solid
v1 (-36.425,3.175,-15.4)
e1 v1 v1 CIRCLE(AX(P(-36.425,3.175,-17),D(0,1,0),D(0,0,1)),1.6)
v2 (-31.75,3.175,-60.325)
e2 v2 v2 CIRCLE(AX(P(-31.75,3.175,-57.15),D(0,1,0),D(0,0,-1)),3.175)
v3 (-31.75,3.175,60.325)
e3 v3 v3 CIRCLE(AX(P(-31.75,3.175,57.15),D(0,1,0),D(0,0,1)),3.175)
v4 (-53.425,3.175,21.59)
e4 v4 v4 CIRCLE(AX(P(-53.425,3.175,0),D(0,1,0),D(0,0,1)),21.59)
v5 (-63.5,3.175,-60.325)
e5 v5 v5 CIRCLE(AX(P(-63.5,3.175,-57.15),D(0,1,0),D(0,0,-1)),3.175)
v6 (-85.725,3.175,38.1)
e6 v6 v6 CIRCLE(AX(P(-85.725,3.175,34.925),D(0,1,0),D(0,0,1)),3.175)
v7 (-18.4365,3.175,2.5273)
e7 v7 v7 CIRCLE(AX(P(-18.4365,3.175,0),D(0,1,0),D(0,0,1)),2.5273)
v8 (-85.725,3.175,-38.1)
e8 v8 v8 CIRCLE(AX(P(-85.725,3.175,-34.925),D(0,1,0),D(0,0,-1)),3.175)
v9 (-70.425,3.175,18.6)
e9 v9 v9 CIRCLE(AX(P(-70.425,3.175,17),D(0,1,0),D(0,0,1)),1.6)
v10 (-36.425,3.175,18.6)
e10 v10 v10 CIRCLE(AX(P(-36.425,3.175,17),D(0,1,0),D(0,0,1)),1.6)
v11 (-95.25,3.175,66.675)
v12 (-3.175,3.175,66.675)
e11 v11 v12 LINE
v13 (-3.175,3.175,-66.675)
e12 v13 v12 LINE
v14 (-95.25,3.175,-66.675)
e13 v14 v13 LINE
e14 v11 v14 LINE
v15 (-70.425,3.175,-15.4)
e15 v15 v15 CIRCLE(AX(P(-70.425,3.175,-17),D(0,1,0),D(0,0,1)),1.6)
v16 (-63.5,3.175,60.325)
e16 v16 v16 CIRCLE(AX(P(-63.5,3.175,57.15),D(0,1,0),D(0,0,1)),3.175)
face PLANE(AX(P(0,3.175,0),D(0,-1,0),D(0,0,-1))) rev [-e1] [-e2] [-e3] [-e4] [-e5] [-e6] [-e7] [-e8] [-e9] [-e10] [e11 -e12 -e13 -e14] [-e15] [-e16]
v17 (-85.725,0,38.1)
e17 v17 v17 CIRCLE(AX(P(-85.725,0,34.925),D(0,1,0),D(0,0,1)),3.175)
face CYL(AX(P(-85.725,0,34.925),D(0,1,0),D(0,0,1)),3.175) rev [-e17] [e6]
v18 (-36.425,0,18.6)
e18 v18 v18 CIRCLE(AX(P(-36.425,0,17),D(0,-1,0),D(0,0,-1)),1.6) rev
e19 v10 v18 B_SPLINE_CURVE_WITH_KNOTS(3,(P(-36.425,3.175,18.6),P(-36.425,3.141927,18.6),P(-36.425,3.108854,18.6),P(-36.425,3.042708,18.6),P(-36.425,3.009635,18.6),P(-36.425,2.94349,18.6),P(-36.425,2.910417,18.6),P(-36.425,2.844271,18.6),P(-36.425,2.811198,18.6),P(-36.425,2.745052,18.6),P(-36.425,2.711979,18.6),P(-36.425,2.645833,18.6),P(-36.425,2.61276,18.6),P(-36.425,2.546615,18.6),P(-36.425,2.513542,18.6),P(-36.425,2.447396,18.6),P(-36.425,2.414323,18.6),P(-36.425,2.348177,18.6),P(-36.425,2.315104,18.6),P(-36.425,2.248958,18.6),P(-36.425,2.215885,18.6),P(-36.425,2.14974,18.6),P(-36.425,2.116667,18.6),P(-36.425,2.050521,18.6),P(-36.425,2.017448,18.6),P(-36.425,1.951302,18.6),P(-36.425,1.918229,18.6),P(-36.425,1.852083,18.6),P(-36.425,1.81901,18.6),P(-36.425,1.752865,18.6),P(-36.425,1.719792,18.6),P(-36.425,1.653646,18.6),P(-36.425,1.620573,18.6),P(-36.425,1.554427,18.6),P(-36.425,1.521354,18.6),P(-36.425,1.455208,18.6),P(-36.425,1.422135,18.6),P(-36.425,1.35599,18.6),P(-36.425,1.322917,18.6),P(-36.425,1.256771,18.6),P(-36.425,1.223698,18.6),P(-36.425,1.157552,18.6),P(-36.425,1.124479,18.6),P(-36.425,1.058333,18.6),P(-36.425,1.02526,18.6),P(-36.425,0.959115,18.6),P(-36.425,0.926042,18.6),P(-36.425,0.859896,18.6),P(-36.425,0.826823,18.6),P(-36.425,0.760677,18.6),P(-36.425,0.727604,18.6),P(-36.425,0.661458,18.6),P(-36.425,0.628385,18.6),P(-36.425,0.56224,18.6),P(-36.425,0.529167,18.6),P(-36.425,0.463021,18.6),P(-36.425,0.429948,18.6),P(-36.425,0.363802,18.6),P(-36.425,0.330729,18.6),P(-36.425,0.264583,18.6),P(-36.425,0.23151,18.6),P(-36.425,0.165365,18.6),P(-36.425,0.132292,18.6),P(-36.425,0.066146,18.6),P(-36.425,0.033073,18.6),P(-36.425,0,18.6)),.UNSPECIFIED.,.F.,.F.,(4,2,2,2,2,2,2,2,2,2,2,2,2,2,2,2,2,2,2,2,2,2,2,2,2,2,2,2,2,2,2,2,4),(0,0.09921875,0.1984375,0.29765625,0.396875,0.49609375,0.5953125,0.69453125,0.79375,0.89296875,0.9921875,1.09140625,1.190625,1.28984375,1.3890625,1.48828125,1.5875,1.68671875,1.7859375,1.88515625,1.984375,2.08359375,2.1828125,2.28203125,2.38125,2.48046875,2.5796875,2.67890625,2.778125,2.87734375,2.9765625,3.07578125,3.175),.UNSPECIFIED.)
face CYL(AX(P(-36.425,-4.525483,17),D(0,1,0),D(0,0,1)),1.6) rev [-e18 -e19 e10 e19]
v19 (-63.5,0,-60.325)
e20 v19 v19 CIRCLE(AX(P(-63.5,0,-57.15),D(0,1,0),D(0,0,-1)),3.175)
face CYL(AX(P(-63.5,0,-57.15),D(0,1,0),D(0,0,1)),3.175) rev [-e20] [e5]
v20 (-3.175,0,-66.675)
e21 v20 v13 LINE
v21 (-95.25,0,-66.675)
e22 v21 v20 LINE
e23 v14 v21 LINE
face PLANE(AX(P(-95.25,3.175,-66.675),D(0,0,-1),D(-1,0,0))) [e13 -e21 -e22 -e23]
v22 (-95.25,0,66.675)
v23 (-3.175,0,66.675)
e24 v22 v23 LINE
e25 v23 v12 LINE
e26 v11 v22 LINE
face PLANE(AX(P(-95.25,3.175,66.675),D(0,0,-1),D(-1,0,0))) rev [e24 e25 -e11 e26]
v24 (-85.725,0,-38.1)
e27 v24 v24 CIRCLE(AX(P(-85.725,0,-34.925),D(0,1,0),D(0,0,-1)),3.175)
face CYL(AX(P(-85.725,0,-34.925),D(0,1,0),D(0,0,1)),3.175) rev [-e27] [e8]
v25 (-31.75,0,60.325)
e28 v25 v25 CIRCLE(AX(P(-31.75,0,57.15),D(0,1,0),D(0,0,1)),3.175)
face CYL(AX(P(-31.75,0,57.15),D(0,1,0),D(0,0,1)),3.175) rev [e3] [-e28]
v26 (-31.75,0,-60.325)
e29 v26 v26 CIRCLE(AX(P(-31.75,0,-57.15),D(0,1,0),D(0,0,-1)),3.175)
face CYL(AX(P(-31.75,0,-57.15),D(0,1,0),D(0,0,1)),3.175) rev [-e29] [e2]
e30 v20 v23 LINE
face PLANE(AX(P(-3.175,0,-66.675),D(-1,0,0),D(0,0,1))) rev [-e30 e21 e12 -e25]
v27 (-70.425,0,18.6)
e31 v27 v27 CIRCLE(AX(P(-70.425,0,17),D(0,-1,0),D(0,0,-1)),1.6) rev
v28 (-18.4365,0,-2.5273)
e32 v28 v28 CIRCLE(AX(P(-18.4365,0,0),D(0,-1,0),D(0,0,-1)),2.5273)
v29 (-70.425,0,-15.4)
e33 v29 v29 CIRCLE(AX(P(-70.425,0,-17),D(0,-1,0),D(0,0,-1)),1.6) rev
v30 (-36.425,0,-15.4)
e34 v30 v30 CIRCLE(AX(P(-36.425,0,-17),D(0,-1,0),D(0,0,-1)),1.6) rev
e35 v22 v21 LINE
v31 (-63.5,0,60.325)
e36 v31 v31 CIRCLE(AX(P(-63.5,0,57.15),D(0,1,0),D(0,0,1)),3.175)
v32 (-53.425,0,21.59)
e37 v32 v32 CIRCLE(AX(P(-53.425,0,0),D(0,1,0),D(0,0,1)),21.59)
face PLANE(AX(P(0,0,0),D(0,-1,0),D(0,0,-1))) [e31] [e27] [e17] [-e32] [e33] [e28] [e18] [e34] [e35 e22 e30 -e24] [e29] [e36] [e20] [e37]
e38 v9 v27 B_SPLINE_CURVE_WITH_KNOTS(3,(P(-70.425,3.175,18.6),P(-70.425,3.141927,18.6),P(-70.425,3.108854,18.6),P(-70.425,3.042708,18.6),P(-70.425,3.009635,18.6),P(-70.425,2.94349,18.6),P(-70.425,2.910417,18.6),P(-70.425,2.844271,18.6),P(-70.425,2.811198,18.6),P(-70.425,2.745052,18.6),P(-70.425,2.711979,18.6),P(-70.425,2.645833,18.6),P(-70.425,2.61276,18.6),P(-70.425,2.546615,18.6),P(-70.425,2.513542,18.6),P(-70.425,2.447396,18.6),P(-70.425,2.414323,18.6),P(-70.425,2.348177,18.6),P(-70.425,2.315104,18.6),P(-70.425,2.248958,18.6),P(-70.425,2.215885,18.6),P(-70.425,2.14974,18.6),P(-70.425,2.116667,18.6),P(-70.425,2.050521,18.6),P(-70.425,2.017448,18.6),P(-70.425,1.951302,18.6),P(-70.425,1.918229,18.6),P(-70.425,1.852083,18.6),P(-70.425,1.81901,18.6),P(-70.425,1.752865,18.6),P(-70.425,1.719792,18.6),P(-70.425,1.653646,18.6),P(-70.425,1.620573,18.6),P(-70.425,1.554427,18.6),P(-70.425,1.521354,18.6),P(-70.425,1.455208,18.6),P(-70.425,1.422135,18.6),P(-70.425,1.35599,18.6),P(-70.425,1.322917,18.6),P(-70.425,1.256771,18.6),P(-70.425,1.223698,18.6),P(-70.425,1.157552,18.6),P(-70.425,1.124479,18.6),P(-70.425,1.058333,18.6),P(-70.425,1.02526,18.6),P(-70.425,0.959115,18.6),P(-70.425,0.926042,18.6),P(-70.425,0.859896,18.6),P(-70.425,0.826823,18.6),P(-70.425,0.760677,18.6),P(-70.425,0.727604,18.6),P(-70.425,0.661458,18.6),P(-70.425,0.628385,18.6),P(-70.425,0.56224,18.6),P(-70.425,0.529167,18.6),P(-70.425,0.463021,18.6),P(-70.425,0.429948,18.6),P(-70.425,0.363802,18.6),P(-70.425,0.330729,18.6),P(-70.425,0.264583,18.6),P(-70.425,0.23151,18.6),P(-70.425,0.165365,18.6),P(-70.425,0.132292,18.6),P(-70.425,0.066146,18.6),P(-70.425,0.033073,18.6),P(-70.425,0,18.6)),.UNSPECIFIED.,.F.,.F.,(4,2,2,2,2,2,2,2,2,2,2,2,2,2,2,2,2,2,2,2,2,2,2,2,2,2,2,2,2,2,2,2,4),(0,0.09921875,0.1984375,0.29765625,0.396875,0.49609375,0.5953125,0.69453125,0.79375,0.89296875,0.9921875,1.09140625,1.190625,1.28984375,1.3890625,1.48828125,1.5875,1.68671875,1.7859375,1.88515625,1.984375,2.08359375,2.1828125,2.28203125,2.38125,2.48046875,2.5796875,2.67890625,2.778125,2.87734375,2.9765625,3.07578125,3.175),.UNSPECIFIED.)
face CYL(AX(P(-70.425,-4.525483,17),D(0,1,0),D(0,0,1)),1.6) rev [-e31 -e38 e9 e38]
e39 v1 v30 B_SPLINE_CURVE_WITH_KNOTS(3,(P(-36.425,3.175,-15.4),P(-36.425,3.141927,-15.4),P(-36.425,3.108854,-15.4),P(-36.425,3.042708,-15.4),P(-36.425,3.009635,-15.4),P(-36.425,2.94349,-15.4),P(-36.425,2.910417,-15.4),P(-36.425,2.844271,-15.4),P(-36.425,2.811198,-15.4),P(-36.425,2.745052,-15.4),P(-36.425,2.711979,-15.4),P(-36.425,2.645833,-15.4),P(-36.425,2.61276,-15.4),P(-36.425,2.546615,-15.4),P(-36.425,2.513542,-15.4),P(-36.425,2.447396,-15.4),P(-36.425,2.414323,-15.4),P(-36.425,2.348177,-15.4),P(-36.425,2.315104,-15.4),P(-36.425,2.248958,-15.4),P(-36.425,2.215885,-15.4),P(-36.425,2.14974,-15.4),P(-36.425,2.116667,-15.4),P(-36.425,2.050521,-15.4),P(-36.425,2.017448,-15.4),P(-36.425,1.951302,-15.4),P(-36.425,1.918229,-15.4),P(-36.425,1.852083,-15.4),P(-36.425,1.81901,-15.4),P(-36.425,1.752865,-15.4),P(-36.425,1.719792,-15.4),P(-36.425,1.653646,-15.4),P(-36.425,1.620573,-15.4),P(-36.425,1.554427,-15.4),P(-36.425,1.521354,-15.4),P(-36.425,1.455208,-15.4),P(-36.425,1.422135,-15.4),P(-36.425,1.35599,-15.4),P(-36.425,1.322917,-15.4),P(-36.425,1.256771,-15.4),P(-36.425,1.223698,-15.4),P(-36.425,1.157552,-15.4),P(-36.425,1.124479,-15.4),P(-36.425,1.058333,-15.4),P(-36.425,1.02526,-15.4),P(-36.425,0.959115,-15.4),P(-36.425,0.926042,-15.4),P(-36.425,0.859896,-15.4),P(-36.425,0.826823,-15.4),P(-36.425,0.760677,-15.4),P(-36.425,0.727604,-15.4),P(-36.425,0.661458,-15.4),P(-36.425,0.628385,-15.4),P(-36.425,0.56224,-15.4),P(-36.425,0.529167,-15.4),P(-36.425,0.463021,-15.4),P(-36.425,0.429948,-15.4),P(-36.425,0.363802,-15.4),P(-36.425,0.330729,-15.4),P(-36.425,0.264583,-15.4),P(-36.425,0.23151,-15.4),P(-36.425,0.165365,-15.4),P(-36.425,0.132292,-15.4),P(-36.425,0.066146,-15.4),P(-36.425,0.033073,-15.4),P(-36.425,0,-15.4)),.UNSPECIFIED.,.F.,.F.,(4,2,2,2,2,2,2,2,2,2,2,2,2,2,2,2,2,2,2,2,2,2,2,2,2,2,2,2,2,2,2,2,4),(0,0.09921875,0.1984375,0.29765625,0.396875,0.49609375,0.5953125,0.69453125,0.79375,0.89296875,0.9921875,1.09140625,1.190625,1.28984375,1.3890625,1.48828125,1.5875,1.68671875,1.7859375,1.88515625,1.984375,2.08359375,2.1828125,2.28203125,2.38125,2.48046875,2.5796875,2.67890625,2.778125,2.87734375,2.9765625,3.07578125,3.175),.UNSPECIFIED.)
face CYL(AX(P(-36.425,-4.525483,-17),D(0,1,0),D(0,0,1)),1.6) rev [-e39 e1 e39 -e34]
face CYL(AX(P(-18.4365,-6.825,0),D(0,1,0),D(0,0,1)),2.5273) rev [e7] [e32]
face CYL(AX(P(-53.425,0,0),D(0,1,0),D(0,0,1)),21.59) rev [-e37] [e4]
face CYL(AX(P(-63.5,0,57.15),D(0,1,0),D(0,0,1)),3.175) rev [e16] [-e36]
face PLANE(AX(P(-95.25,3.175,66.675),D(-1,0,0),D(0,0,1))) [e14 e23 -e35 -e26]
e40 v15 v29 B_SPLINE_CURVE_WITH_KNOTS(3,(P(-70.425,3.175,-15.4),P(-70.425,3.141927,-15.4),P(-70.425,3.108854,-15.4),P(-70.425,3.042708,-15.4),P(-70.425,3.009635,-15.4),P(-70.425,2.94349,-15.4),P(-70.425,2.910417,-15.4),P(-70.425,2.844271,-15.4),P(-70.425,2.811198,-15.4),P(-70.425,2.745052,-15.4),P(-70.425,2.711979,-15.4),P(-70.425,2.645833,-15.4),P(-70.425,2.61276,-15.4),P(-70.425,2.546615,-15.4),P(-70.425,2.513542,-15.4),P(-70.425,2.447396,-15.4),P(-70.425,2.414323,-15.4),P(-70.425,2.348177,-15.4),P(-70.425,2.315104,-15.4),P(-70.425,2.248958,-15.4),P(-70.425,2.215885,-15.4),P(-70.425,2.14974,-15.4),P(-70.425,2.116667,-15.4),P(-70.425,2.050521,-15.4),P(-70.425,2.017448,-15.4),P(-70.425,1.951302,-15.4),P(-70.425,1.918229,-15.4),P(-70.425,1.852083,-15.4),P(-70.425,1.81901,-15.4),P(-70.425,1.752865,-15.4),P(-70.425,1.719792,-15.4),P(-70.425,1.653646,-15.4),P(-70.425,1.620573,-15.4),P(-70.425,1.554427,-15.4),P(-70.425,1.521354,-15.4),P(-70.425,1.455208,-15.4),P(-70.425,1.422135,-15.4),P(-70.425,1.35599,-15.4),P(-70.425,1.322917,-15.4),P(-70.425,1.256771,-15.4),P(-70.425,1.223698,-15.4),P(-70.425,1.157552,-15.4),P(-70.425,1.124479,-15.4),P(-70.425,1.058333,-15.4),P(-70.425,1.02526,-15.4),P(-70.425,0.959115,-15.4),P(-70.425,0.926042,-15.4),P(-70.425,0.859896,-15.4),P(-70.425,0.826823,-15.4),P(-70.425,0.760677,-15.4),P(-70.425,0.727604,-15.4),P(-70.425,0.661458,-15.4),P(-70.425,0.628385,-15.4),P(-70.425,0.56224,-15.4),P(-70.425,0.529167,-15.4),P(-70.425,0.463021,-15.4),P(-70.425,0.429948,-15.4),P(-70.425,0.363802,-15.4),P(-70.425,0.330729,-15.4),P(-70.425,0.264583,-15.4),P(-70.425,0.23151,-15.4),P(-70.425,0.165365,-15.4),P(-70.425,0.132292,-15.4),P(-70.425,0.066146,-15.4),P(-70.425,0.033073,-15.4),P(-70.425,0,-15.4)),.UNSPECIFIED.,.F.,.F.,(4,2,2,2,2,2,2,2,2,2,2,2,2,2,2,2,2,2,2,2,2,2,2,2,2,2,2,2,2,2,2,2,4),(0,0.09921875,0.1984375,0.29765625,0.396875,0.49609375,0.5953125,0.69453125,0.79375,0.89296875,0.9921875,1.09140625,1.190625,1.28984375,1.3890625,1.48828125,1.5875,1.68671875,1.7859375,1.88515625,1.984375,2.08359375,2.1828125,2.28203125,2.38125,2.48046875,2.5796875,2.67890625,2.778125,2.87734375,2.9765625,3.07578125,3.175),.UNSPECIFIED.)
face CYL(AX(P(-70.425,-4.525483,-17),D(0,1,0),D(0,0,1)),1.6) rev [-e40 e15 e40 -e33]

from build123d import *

# Parameters (mm, degrees)
SKETCH1_W           = 190.5
SKETCH1_H           = 133.35
BOSS_EXTRUDE1_DEPTH = 3.175
SKETCH3_R           = 21.59
CUT_EXTRUDE2_DEPTH  = 117.310785183
SKETCH4_R           = 1.6
SKETCH4_R_2         = 1.599999975
CUT_EXTRUDE3_DEPTH  = 3.175
SKETCH9_R           = 2.5273
CUT_EXTRUDE5_DEPTH  = 10
SKETCH12_W          = 98.425
SKETCH12_H          = 133.35
CUT_EXTRUDE6_DEPTH  = 117.310785183
SKETCH13_R          = 3.175
CUT_EXTRUDE7_DEPTH  = 117.310785183


with BuildPart() as part:
    # Sketch1 → Boss-Extrude1 (new body)
    with BuildSketch(Plane(origin=(0, 0, 0), x_dir=(1, 0, 0), z_dir=(0, 1, 0))):
        Rectangle(SKETCH1_W, SKETCH1_H)
    extrude(amount=BOSS_EXTRUDE1_DEPTH)

    # Sketch3 → Cut-Extrude2 (cut, through all)
    with BuildSketch(Plane(origin=(0, 3.175, 0), x_dir=(1, 0, 0), z_dir=(0, 1, 0))):
        with Locations(Location((-53.425, 0, 0), (0, 0, 270))):
            Circle(SKETCH3_R)
    extrude(amount=-CUT_EXTRUDE2_DEPTH, mode=Mode.SUBTRACT)

    # Sketch4 → Cut-Extrude3 (cut)
    with BuildSketch(Plane(origin=(0, 3.175, 0), x_dir=(1, 0, 0), z_dir=(0, 1, 0))):
        with Locations(Location((-70.425, 17, 0), (0, 0, 270))):
            Circle(SKETCH4_R)
        with Locations(Location((-36.425, 17, 0), (0, 0, 270))):
            Circle(SKETCH4_R_2)
        with Locations(Location((-70.425, -17, 0), (0, 0, 270))):
            Circle(SKETCH4_R)
        with Locations(Location((-36.425, -17, 0), (0, 0, 270))):
            Circle(SKETCH4_R)
    extrude(amount=-CUT_EXTRUDE3_DEPTH, mode=Mode.SUBTRACT)

    # Sketch9 → Cut-Extrude5 (cut)
    with BuildSketch(Plane(origin=(0, 3.175, 0), x_dir=(1, 0, 0), z_dir=(0, 1, 0))):
        with Locations(Location((-18.4365, 0, 0), (0, 0, 270))):
            Circle(SKETCH9_R)
    extrude(amount=-CUT_EXTRUDE5_DEPTH, mode=Mode.SUBTRACT)

    # Sketch12 → Cut-Extrude6 (cut, through all)
    with BuildSketch(Plane(origin=(0, 3.175, 0), x_dir=(1, 0, 0), z_dir=(0, 1, 0))):
        with Locations((46.0375, 0)):
            Rectangle(SKETCH12_W, SKETCH12_H)
    extrude(amount=-CUT_EXTRUDE6_DEPTH, mode=Mode.SUBTRACT)

    # Sketch13 → Cut-Extrude7 (cut, through all)
    with BuildSketch(Plane(origin=(0, 3.175, 0), x_dir=(1, 0, 0), z_dir=(0, 1, 0))):
        with Locations(Location((-63.5, -57.15, 0), (0, 0, 270))):
            Circle(SKETCH13_R)
        with Locations(Location((-31.75, -57.15, 0), (0, 0, 270))):
            Circle(SKETCH13_R)
        with Locations(Location((-85.725, -34.925, 0), (0, 0, 270))):
            Circle(SKETCH13_R)
        with Locations(Location((-85.725, 34.925, 0), (0, 0, 90))):
            Circle(SKETCH13_R)
        with Locations(Location((-31.75, 57.15, 0), (0, 0, 90))):
            Circle(SKETCH13_R)
        with Locations(Location((-63.5, 57.15, 0), (0, 0, 90))):
            Circle(SKETCH13_R)
    extrude(amount=-CUT_EXTRUDE7_DEPTH, mode=Mode.SUBTRACT)


solid = part.part
